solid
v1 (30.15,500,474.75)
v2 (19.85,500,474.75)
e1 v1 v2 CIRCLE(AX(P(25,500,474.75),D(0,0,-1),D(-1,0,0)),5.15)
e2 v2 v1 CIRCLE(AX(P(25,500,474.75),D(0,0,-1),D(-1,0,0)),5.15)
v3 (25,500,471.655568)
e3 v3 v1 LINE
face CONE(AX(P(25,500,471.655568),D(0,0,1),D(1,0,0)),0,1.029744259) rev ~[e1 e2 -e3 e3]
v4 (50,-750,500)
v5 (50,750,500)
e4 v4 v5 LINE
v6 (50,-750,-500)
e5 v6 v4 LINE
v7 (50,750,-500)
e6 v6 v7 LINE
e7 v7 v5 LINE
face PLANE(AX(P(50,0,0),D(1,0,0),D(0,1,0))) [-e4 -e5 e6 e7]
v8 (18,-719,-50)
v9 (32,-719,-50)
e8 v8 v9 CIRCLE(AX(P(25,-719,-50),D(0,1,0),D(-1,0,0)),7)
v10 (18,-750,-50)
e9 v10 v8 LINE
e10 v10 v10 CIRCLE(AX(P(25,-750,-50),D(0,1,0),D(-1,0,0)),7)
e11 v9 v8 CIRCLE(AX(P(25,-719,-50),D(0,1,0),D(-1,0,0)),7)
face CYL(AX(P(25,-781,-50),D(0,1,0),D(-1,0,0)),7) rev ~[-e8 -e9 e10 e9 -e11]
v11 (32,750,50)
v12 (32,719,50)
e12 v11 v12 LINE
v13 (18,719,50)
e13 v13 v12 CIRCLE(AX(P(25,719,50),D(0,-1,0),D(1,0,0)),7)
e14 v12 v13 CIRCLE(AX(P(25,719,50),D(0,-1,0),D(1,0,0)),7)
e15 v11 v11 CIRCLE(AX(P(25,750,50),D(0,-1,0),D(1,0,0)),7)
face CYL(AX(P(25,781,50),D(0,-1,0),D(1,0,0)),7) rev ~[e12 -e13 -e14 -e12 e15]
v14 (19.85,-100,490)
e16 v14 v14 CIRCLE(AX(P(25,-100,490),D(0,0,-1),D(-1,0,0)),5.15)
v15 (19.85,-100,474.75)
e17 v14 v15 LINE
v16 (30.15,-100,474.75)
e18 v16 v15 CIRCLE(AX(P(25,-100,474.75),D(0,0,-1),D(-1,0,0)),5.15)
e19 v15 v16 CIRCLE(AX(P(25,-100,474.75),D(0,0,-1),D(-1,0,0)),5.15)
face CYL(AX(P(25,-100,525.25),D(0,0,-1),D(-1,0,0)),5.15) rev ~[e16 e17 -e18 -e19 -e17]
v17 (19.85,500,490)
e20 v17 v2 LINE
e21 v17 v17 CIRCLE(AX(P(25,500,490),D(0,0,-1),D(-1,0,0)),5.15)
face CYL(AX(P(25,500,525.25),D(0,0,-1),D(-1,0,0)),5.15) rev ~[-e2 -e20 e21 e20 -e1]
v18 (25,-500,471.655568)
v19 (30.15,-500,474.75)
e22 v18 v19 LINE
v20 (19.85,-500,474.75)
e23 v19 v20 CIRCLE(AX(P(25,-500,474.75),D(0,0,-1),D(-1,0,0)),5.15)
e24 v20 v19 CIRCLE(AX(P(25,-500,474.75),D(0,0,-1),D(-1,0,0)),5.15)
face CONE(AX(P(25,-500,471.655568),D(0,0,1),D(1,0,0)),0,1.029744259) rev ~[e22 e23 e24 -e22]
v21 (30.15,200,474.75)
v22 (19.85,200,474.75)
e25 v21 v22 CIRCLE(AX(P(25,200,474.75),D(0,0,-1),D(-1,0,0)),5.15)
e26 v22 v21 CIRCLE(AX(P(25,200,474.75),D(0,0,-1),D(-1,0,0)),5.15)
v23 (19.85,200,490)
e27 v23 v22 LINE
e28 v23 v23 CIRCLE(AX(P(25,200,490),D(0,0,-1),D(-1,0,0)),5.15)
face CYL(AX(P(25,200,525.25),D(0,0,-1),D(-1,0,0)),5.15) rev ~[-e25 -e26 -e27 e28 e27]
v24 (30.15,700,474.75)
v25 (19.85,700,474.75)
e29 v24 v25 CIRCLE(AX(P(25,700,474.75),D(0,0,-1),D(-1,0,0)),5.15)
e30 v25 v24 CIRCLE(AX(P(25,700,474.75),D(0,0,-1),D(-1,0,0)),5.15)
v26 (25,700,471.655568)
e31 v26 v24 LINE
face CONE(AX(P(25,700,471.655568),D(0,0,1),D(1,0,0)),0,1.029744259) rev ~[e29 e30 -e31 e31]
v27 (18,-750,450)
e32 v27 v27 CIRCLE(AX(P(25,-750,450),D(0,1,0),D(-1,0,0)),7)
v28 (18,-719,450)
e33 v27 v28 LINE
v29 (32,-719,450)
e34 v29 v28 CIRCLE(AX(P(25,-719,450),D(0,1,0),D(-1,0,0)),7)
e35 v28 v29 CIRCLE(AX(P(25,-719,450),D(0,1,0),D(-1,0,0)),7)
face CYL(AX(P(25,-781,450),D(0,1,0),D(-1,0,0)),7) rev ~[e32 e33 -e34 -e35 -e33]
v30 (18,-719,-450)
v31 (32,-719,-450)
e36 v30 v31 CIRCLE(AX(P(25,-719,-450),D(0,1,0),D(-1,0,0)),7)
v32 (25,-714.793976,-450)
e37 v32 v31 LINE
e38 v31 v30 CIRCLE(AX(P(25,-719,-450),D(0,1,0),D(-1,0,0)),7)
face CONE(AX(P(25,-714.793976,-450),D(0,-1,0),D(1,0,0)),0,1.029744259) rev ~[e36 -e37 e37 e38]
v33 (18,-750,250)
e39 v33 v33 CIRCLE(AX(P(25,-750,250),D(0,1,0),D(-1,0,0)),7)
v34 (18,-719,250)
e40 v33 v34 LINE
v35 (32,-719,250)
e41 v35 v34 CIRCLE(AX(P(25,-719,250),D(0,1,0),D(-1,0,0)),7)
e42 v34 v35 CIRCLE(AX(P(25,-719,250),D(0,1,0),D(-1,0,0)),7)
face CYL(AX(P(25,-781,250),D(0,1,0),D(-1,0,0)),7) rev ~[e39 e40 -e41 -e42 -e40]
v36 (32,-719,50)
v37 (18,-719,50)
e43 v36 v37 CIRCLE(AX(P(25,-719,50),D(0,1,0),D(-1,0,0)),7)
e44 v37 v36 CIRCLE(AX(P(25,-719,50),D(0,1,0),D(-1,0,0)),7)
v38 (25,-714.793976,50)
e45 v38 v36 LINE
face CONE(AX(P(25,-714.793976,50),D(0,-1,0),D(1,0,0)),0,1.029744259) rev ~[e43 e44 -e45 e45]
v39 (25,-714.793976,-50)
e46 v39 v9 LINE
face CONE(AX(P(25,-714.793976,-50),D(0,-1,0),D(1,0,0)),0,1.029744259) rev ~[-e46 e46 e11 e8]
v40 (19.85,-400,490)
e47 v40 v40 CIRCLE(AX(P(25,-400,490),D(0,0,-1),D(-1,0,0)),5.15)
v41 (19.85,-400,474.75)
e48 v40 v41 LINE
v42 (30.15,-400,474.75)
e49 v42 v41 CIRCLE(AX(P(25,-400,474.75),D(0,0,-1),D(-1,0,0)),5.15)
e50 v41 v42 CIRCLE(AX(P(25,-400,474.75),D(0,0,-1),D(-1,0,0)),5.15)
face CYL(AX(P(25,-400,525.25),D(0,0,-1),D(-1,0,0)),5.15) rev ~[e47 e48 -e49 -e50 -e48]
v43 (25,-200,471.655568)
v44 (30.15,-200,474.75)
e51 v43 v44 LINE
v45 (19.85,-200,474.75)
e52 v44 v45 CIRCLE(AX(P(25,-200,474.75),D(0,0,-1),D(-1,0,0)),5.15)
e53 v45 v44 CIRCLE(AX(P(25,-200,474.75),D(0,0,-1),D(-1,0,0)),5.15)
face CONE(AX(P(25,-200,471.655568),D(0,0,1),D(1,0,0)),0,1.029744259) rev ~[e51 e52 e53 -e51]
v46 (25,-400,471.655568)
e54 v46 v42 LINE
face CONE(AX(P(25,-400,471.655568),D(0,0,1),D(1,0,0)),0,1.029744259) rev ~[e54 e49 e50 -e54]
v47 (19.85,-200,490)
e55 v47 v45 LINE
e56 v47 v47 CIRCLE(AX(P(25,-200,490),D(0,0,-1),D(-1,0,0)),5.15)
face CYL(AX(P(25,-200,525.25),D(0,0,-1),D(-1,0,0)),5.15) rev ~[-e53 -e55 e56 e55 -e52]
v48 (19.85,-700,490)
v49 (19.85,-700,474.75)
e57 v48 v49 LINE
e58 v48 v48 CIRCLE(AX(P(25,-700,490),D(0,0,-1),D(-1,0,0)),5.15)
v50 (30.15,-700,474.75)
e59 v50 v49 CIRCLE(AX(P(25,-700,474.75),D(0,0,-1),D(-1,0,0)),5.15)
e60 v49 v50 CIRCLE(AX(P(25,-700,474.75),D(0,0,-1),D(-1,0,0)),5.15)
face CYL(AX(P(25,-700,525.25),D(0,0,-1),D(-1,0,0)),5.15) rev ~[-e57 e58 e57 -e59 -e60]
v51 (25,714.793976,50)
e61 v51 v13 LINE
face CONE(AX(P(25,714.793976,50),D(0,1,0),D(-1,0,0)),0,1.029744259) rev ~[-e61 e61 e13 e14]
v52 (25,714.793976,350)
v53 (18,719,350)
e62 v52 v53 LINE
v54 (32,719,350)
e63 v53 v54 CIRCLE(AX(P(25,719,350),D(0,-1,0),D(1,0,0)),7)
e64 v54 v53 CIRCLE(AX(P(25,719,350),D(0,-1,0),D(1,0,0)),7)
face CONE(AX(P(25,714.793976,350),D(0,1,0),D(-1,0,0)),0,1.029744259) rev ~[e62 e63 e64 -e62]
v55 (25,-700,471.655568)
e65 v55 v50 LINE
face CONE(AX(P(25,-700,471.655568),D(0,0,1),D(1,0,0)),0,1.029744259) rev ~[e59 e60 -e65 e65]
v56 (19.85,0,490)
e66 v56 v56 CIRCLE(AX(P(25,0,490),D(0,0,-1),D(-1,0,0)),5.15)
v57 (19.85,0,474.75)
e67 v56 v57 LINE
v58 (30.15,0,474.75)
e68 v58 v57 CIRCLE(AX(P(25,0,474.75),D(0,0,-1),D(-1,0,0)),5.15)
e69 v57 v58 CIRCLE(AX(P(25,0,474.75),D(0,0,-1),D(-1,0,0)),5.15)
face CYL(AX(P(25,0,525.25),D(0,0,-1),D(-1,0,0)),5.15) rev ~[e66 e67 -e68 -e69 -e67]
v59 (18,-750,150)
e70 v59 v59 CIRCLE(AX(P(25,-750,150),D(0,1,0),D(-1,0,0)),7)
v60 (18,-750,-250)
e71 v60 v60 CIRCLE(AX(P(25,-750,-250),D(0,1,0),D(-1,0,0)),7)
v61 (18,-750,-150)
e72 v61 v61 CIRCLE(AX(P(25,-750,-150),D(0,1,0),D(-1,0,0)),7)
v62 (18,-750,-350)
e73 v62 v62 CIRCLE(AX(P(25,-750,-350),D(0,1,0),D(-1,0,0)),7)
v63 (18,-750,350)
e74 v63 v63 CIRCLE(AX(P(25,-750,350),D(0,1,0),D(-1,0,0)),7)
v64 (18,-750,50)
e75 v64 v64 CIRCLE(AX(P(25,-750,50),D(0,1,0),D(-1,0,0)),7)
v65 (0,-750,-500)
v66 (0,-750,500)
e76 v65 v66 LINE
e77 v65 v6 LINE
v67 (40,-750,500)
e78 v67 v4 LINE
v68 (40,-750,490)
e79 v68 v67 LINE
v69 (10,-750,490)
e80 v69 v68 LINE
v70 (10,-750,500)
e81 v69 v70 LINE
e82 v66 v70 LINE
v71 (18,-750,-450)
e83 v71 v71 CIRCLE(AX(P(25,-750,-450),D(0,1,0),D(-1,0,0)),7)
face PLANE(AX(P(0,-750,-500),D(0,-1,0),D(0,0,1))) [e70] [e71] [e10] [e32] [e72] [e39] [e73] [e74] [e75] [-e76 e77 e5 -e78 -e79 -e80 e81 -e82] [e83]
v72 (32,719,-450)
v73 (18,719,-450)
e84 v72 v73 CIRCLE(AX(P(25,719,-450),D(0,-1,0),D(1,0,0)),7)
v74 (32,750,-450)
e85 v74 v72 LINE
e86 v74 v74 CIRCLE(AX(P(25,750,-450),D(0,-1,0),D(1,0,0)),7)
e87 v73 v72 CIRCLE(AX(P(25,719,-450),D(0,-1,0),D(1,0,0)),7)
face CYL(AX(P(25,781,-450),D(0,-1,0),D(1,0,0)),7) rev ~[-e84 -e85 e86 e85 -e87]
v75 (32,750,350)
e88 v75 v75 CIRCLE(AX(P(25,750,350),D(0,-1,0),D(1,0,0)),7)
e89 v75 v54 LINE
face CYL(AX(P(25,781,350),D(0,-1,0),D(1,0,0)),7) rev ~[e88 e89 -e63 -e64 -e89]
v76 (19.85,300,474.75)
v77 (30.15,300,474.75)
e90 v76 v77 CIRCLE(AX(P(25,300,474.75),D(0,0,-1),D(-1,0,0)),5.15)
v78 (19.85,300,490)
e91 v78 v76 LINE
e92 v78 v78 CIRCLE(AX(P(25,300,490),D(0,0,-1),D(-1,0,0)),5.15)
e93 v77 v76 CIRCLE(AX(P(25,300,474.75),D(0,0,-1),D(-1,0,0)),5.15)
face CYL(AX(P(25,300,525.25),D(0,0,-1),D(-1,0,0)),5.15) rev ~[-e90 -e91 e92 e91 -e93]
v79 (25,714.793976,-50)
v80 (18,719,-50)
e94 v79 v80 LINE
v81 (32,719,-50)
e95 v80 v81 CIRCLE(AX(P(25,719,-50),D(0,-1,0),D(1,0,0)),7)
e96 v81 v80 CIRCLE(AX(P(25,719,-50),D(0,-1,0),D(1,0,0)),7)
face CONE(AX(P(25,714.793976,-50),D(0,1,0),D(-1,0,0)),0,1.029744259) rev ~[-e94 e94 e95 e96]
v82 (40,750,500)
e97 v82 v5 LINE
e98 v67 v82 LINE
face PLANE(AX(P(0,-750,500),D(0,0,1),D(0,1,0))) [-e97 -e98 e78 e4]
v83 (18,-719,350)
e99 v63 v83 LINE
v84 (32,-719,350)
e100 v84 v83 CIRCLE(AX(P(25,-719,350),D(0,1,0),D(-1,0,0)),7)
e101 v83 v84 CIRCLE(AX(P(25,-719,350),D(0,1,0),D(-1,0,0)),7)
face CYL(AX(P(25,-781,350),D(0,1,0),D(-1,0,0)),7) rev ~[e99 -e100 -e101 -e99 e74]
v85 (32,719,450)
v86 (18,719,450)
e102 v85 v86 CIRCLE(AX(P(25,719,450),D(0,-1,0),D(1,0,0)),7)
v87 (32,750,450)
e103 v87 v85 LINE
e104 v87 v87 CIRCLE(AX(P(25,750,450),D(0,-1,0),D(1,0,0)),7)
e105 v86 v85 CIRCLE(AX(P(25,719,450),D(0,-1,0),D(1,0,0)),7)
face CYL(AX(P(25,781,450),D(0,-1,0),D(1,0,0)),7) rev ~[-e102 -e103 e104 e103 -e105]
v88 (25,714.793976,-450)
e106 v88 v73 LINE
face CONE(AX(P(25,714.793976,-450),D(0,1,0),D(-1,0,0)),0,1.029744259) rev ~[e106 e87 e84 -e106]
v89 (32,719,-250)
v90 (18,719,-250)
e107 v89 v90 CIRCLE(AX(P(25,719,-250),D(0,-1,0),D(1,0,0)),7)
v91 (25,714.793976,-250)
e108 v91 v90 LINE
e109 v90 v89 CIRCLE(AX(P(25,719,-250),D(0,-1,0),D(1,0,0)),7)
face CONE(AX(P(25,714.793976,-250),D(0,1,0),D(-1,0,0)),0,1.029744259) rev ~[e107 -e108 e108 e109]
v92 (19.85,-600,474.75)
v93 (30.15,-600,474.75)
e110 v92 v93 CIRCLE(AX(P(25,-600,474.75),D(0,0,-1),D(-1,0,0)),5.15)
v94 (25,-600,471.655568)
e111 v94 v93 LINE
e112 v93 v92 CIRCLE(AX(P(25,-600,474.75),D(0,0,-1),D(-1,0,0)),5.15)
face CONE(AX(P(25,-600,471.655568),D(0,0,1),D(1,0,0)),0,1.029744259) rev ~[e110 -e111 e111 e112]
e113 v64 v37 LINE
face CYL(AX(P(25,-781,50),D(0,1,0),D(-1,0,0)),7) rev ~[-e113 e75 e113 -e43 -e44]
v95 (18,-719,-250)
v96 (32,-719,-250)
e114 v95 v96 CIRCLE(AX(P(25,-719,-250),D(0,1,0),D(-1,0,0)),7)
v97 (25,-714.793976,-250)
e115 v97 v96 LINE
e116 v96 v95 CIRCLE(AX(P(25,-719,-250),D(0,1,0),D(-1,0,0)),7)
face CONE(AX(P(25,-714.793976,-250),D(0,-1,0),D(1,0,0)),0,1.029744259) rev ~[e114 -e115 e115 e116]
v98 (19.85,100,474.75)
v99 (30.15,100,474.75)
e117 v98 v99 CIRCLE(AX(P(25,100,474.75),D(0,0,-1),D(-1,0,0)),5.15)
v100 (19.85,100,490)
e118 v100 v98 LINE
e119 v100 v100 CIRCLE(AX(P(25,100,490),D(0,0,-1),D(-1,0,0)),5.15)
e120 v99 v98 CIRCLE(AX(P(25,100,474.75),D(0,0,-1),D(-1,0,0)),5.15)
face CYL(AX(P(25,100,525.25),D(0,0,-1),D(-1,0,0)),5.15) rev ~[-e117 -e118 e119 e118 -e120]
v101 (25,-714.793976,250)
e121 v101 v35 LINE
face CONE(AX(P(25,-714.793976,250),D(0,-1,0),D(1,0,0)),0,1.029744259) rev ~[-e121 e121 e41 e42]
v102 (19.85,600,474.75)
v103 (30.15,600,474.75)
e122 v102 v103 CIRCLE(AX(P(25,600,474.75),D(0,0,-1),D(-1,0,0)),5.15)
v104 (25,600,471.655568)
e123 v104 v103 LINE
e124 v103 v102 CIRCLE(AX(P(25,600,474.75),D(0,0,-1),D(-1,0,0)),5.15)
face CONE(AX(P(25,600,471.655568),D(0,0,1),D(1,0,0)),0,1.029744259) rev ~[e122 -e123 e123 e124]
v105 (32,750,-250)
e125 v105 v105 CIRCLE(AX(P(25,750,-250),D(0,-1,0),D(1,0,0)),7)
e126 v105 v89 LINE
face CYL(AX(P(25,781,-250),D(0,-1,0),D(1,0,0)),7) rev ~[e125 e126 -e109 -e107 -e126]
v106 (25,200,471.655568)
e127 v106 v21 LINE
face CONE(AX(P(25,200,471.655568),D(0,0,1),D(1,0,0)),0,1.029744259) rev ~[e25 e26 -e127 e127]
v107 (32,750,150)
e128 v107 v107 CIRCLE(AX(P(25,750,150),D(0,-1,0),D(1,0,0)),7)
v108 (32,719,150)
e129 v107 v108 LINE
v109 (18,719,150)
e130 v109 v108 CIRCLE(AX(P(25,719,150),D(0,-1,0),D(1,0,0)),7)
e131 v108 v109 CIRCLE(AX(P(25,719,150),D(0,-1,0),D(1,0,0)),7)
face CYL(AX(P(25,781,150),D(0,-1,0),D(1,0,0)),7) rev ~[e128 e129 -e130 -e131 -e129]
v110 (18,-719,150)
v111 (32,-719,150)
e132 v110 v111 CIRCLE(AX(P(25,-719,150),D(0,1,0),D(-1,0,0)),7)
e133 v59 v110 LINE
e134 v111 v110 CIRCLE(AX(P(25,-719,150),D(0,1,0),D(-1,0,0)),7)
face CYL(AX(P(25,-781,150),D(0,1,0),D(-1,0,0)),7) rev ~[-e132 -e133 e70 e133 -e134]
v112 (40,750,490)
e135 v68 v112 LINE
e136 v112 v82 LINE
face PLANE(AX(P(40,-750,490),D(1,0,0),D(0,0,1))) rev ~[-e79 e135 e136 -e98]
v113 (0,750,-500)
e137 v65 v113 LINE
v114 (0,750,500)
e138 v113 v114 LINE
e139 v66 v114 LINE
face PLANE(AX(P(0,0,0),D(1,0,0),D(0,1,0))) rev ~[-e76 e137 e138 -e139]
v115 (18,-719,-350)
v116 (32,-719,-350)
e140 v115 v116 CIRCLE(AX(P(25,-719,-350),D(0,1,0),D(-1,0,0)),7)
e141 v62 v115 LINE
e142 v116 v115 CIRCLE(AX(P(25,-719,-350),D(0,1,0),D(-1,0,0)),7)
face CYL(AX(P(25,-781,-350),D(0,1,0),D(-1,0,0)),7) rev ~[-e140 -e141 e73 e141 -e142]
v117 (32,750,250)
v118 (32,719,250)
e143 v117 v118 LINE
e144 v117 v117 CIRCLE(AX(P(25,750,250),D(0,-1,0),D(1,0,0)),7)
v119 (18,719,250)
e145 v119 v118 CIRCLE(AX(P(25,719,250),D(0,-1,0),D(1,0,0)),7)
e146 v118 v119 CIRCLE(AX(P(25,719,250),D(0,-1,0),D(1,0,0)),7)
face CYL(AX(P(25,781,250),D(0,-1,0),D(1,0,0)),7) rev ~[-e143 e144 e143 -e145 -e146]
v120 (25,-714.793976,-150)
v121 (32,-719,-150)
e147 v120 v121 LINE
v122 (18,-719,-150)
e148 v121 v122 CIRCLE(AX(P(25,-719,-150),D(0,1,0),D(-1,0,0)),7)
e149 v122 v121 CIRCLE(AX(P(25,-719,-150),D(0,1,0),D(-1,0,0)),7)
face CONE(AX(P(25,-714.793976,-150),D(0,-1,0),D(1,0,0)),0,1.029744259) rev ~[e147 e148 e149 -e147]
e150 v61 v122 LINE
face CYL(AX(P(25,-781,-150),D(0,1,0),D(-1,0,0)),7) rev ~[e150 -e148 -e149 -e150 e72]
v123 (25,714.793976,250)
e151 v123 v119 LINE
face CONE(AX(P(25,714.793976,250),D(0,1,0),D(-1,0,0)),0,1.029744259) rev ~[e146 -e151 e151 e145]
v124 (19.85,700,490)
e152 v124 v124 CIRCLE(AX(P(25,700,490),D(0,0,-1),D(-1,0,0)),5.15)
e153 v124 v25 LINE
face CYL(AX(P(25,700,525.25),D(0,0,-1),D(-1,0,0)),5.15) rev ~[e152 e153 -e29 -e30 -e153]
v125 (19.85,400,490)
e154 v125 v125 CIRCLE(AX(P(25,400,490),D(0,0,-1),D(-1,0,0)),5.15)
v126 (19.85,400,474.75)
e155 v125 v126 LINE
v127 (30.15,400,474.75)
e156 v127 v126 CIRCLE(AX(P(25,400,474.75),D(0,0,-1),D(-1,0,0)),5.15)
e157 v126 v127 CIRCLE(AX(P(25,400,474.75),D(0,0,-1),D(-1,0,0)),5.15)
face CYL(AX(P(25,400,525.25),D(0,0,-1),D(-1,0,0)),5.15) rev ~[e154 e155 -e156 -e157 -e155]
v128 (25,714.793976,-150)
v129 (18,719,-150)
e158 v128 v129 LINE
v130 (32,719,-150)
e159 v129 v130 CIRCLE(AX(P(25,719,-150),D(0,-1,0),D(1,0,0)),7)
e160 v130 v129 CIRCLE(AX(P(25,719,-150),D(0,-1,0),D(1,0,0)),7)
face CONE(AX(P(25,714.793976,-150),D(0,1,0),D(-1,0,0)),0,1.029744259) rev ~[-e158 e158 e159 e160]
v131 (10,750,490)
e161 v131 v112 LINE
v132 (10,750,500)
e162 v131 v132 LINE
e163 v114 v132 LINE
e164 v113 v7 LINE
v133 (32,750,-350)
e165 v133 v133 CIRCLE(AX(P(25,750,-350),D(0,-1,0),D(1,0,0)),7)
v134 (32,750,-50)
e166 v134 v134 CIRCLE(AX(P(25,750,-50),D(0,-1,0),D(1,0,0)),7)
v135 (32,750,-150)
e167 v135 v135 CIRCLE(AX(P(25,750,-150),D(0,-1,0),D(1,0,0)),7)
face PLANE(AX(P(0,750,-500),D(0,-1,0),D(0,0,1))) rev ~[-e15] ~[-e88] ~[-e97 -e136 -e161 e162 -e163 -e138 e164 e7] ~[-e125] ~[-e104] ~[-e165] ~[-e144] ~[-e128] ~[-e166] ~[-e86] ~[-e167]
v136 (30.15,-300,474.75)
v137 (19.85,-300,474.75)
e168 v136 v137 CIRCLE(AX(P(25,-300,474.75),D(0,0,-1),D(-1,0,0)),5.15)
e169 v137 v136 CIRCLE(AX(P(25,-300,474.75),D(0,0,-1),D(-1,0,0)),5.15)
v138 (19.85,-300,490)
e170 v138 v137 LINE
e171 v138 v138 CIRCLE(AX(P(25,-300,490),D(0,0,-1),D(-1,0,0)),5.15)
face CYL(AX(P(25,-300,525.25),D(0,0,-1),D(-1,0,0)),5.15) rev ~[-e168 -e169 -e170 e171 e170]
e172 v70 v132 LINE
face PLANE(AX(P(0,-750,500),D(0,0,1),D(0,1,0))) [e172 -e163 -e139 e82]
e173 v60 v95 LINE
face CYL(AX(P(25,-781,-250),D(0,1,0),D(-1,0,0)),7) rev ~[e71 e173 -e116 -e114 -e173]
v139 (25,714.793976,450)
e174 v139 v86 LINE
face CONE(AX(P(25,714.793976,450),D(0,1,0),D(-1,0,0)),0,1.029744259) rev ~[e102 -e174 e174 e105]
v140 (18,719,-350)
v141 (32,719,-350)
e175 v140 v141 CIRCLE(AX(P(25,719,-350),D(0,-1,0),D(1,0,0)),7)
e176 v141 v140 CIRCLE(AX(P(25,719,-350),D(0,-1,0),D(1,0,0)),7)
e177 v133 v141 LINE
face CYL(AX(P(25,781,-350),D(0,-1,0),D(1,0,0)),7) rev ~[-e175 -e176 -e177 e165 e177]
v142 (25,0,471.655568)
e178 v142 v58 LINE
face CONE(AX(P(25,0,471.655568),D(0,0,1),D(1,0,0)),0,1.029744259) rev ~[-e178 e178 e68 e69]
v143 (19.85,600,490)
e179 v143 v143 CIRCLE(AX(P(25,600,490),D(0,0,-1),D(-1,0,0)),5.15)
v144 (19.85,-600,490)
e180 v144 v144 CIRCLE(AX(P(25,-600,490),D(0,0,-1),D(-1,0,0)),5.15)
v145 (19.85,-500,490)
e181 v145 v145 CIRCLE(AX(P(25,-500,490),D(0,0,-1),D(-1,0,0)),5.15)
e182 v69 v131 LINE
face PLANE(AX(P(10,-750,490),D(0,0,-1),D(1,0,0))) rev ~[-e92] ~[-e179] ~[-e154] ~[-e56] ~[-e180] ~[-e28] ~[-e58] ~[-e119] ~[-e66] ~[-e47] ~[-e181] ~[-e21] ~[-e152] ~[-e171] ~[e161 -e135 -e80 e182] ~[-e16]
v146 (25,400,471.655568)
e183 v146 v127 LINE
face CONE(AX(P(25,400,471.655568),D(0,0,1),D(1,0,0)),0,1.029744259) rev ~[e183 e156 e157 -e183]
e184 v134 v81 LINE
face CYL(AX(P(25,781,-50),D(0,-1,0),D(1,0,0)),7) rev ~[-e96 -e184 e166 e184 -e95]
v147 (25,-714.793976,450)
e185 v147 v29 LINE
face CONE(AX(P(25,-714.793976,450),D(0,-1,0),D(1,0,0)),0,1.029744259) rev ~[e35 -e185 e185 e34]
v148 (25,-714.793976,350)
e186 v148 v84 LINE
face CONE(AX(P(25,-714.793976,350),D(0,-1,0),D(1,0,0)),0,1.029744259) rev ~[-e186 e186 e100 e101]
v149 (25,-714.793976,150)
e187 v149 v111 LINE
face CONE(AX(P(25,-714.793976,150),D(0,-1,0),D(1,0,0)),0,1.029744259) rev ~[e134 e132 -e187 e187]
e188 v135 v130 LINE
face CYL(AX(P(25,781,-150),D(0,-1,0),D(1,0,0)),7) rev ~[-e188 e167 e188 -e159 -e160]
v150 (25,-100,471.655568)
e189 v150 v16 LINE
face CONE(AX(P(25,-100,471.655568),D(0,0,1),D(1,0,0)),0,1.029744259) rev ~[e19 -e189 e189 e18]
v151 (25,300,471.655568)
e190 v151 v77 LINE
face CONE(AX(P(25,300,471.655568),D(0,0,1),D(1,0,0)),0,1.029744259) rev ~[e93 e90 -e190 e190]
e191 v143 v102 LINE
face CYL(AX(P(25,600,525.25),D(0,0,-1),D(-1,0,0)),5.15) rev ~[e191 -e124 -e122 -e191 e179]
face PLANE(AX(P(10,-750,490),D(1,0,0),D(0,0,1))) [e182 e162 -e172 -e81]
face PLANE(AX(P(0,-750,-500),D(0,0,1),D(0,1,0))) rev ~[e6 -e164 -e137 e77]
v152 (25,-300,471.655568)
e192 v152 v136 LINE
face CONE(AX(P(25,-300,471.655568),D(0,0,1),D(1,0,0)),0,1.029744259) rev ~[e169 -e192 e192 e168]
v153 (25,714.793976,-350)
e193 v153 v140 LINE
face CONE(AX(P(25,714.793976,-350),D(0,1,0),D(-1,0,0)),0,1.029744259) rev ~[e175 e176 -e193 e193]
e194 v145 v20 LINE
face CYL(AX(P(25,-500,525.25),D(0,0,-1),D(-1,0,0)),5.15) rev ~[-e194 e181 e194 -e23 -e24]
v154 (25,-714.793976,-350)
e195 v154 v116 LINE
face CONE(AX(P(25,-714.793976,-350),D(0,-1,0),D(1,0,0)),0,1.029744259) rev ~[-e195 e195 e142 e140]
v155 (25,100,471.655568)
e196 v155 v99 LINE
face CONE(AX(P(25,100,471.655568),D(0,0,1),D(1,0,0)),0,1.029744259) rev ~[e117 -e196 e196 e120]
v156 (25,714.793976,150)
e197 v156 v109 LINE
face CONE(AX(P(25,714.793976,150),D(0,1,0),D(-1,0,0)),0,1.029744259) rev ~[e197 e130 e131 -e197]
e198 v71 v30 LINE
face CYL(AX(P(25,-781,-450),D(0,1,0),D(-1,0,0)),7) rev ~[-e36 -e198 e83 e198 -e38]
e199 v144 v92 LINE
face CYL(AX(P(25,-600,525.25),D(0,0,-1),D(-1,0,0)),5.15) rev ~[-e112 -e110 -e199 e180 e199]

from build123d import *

# Parameters (mm, degrees)
F0_W     = 1500
F0_H     = 1000
F1_DEPTH = 50
F3_D     = 10.3
F3_DEPTH = 25.25
F3_TIP   = 3.094432188
F4_W     = 30
F4_H     = 10
F5_DEPTH = 1500.001
F7_D     = 14
F7_DEPTH = 31
F7_TIP   = 4.2060243332
F9_D     = 14
F9_DEPTH = 31
F9_TIP   = 4.2060243332


with BuildPart() as f1:
    # F0 (on Right) → F1 (new body)
    with BuildSketch(Plane.YZ):
        Rectangle(F0_W, F0_H)
    extrude(amount=F1_DEPTH)

    # F3
    with Locations(Plane.XY.offset(500)):
        with Locations((25, -700), (25, -600), (25, -500), (25, -400), (25, -300), (25, -200), (25, -100), (25, 0), (25, 200), (25, 100), (25, 300), (25, 400), (25, 500), (25, 700), (25, 600)):
            Hole(F3_D / 2, depth=F3_DEPTH)
            with Locations((0, 0, -(F3_DEPTH + F3_TIP / 2))):  # 118° drill point
                Cone(0, F3_D / 2, F3_TIP, mode=Mode.SUBTRACT)

    # F4 (on face) → F5 (cut, through all)
    with BuildSketch(Plane.XZ.offset(750)):
        with Locations((25, 495)):
            Rectangle(F4_W, F4_H)
    extrude(amount=-F5_DEPTH, mode=Mode.SUBTRACT)

    # F7
    with Locations(Plane.XZ.offset(750)):
        with Locations((25, -450), (25, -350), (25, -250), (25, -150), (25, -50), (25, 50), (25, 450), (25, 350), (25, 250), (25, 150)):
            Hole(F7_D / 2, depth=F7_DEPTH)
            with Locations((0, 0, -(F7_DEPTH + F7_TIP / 2))):  # 118° drill point
                Cone(0, F7_D / 2, F7_TIP, mode=Mode.SUBTRACT)

    # F9
    with Locations(Plane(origin=(0, 750, 0), x_dir=(-1, 0, 0), z_dir=(0, 1, 0))):
        with Locations((-25, 450), (-25, 350), (-25, 250), (-25, 150), (-25, 50), (-25, -50), (-25, -150), (-25, -250), (-25, -350), (-25, -450)):
            Hole(F9_D / 2, depth=F9_DEPTH)
            with Locations((0, 0, -(F9_DEPTH + F9_TIP / 2))):  # 118° drill point
                Cone(0, F9_D / 2, F9_TIP, mode=Mode.SUBTRACT)


solid = f1.part
